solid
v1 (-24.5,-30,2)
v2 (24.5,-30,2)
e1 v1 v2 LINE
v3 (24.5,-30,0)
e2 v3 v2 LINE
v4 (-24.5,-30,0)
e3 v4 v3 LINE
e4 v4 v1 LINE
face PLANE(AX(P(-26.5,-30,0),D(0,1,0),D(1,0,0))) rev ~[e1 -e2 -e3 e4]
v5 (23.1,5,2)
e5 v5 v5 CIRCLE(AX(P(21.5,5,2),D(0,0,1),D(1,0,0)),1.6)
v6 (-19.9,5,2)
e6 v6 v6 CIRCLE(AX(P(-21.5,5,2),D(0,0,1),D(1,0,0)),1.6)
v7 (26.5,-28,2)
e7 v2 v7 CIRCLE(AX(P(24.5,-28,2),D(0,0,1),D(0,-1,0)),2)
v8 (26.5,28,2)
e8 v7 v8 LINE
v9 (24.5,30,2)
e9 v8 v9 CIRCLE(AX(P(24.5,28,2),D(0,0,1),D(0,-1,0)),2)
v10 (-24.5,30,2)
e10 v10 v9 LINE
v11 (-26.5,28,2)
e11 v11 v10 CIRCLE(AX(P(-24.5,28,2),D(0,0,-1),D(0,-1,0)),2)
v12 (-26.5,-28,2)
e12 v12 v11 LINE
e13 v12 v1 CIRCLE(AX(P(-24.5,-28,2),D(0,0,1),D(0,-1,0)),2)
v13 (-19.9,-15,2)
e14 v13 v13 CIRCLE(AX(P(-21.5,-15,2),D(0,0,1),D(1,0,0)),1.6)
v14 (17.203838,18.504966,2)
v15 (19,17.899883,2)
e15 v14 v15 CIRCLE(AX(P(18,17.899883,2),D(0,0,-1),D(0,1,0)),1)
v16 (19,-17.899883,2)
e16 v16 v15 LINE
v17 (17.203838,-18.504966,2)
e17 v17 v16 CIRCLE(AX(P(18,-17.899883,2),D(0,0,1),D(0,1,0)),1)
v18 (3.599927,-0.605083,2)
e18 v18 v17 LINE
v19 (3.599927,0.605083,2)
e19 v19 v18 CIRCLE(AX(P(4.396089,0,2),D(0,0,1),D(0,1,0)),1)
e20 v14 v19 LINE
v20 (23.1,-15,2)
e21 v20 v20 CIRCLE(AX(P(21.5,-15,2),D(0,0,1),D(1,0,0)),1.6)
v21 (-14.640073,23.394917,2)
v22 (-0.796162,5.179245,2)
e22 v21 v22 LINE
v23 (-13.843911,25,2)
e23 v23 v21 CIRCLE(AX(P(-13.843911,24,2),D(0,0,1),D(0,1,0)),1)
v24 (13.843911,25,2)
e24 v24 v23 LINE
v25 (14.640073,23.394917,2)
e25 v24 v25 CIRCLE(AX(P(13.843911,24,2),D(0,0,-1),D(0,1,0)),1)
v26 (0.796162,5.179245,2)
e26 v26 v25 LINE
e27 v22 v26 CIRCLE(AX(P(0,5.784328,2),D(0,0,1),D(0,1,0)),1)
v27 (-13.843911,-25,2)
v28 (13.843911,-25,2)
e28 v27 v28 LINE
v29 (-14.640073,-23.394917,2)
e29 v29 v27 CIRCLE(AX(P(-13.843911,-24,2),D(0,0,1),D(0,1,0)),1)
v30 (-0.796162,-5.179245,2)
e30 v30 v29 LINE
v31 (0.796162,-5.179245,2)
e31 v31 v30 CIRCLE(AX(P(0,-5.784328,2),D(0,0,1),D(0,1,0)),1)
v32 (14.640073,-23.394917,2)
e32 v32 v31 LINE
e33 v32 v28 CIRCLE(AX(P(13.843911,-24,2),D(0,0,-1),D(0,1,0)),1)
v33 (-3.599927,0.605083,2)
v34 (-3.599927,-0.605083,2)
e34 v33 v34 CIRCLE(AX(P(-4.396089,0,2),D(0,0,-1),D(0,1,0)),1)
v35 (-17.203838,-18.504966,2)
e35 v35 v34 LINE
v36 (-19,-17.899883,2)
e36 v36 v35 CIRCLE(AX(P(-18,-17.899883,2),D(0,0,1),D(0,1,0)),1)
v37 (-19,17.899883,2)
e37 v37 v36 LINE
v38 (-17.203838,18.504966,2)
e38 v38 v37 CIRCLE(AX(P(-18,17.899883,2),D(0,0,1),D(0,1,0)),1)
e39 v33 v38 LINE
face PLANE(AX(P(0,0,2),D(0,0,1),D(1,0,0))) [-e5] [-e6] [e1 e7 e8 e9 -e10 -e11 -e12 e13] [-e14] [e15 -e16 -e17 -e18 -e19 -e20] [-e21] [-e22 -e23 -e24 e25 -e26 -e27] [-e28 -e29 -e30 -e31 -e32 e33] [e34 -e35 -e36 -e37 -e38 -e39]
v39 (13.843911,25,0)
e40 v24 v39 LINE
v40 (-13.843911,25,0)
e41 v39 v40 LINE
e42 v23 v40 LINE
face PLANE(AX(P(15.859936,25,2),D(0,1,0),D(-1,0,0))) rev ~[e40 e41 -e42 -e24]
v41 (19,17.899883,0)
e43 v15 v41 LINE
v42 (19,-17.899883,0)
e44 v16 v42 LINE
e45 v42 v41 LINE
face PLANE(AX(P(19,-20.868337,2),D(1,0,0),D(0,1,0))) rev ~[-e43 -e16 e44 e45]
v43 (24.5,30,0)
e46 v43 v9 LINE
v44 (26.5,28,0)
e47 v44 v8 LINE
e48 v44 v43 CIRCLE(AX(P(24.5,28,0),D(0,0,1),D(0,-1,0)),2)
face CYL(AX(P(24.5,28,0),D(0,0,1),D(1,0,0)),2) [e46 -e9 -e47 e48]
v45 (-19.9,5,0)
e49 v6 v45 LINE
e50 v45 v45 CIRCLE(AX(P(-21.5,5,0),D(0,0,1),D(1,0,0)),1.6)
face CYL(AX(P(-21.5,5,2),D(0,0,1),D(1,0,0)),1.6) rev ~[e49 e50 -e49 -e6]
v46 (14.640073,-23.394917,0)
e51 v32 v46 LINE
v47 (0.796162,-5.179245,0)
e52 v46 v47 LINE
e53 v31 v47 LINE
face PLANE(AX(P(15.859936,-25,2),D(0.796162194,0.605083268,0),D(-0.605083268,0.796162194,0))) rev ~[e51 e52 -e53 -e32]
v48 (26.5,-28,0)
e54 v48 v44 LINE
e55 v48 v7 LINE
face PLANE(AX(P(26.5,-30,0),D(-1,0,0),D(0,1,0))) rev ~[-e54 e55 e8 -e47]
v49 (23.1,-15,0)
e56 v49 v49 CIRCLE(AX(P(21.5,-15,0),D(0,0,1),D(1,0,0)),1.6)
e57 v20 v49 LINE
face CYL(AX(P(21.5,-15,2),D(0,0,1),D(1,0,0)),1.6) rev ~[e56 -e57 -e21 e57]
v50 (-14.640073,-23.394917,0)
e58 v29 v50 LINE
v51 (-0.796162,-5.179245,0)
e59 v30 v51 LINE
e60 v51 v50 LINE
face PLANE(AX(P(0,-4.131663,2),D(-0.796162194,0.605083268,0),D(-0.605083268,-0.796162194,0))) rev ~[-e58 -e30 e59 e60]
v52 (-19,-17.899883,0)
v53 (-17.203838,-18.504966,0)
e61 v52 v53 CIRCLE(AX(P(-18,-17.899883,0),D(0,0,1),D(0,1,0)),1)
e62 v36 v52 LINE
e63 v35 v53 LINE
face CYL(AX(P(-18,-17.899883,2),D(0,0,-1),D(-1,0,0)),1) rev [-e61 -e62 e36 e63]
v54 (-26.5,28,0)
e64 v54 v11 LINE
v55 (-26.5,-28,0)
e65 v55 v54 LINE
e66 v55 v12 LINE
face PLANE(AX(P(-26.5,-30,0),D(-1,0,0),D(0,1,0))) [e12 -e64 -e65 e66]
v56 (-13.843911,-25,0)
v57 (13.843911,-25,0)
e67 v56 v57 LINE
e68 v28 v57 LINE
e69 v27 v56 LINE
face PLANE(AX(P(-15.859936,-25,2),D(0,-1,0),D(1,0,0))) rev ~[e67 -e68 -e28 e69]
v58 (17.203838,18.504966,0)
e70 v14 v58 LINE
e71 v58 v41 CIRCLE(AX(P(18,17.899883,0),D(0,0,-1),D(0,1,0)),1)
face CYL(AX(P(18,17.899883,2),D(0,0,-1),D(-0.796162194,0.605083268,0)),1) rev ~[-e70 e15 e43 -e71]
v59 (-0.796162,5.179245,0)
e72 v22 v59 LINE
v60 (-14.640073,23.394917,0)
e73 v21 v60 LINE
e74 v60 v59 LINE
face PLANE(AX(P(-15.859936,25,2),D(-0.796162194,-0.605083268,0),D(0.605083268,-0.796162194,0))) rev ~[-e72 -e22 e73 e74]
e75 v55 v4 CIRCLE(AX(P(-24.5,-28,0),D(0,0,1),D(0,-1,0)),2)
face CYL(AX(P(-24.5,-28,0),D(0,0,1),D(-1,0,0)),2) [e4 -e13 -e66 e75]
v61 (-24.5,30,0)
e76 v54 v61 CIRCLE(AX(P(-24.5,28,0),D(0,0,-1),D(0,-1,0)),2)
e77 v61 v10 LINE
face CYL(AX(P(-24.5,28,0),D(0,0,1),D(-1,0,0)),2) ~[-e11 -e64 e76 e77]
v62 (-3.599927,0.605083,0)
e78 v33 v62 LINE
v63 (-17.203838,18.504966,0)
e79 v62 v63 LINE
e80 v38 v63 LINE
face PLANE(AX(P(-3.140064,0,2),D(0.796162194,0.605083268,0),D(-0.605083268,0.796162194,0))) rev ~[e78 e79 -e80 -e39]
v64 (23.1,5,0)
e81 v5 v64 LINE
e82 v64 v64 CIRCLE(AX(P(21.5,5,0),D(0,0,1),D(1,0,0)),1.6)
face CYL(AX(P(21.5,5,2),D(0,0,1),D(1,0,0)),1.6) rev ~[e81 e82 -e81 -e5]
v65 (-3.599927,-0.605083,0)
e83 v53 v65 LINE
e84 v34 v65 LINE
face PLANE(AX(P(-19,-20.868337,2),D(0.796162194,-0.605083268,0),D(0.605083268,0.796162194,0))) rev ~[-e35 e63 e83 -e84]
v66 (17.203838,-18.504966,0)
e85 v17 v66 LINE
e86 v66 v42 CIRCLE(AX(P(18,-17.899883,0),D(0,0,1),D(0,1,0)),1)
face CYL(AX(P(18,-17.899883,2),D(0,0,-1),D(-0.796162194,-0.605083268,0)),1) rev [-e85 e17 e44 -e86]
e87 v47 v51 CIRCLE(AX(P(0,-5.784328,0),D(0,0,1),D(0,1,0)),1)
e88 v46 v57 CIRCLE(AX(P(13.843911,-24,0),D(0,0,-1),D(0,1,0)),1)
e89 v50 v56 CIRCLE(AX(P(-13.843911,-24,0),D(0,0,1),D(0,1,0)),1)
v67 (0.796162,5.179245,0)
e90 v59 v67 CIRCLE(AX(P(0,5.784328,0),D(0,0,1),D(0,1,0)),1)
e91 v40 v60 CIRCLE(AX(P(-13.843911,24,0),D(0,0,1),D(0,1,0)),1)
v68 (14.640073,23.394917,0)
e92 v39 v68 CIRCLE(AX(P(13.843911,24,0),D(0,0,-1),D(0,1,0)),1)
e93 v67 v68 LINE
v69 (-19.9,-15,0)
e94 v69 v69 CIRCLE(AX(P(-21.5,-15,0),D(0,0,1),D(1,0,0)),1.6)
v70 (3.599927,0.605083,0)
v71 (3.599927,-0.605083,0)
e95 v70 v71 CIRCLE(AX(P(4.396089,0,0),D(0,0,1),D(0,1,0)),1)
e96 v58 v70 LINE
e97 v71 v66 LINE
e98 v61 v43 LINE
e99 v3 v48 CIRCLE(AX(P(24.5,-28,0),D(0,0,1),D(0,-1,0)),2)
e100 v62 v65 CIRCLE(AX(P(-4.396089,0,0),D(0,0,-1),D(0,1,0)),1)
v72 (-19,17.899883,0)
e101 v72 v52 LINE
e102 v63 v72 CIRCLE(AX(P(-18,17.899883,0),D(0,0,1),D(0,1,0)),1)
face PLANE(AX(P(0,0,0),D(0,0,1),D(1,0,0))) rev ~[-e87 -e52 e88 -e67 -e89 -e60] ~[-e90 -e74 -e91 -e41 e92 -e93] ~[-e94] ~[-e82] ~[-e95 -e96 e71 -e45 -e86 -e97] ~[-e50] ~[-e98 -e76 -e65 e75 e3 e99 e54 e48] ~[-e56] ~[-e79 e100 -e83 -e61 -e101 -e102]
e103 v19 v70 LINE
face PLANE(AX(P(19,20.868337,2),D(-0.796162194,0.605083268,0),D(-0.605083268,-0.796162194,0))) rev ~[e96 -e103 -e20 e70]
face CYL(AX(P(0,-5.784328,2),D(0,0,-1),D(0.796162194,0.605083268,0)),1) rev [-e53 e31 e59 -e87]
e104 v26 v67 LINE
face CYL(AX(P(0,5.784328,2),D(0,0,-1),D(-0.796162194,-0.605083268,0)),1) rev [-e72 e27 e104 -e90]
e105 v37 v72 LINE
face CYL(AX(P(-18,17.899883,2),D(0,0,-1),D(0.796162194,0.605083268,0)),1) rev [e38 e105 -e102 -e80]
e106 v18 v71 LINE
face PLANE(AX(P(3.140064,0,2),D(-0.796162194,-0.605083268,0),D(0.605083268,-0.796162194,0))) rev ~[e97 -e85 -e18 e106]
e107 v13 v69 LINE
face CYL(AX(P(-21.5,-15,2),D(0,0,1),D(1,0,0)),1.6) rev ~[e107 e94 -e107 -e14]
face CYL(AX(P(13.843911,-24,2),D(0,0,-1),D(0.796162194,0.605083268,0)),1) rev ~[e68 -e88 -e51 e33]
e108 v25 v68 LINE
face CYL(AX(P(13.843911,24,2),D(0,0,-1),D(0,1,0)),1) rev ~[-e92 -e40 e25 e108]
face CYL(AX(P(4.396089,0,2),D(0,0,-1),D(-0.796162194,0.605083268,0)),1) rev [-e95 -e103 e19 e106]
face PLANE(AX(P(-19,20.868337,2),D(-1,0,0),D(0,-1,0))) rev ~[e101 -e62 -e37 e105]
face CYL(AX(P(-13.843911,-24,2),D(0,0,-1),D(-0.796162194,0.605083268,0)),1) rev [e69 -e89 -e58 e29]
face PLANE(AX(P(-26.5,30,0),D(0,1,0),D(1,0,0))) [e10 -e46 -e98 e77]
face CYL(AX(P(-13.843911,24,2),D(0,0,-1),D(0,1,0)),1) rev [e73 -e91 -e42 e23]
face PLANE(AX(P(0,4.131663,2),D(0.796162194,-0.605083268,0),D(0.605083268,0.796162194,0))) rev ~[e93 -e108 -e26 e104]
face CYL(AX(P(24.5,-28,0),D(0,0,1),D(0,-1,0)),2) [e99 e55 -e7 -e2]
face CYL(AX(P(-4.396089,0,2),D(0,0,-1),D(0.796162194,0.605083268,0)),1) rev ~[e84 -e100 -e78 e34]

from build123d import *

# Parameters (mm, degrees)
SKETCH_1_W          = 53
SKETCH_1_H          = 60
EXTRUDE_1_DEPTH     = 2
FILLET_1_R          = 2
SKETCH_2_R          = 1.6
CUT_EXTRUDE_1_DEPTH = 41.078048855
CUT_EXTRUDE_2_DEPTH = 41.078048855
FILLET_2_R          = 1


with BuildPart() as part:
    # 草图1 → 凸台-拉伸1 (new body)
    with BuildSketch(Plane.XY):
        Rectangle(SKETCH_1_W, SKETCH_1_H)
    extrude(amount=EXTRUDE_1_DEPTH)

    # 圆角1
    fillet_1_edges = [part.edges().sort_by_distance(p)[0] for p in [
        (26.5, -30, 1),
        (-26.5, -30, 1),
        (-26.5, 30, 1),
        (26.5, 30, 1),
    ]]
    fillet(fillet_1_edges, radius=FILLET_1_R)

    # 草图2 → 切除-拉伸1 (cut, through all)
    with BuildSketch(Plane.XY.offset(2)):
        with Locations((21.5, 5)):
            Circle(SKETCH_2_R)
        with Locations((21.5, -15)):
            Circle(SKETCH_2_R)
        with Locations((-21.5, 5)):
            Circle(SKETCH_2_R)
        with Locations((-21.5, -15)):
            Circle(SKETCH_2_R)
    extrude(amount=-CUT_EXTRUDE_1_DEPTH, mode=Mode.SUBTRACT)

    # 草图3 → 切除-拉伸2 (cut, through all)
    with BuildSketch(Plane.XY.offset(2)):
        Polygon((-3.140063694, 0), (-19, 20.868337245), (-19, -20.868337245), align=None)
        Polygon((15.859936306, -25), (0, -4.131662755), (-15.859936306, -25), align=None)
        Polygon((19, 20.868337245), (3.140063694, 0), (19, -20.868337245), align=None)
        Polygon((15.859936306, 25), (-15.859936306, 25), (0, 4.131662755), align=None)
    extrude(amount=-CUT_EXTRUDE_2_DEPTH, mode=Mode.SUBTRACT)

    # 圆角2
    fillet_2_edges = [part.edges().sort_by_distance(p)[0] for p in [
        (3.140063694, 0, 1),
        (19, 20.868337245, 1),
        (19, -20.868337245, 1),
        (0, -4.131662755, 1),
        (15.859936306, -25, 1),
        (-15.859936306, -25, 1),
        (-15.859936306, 25, 1),
        (15.859936306, 25, 1),
        (0, 4.131662755, 1),
        (-19, 20.868337245, 1),
        (-3.140063694, 0, 1),
        (-19, -20.868337245, 1),
    ]]
    fillet(fillet_2_edges, radius=FILLET_2_R)


solid = part.part
